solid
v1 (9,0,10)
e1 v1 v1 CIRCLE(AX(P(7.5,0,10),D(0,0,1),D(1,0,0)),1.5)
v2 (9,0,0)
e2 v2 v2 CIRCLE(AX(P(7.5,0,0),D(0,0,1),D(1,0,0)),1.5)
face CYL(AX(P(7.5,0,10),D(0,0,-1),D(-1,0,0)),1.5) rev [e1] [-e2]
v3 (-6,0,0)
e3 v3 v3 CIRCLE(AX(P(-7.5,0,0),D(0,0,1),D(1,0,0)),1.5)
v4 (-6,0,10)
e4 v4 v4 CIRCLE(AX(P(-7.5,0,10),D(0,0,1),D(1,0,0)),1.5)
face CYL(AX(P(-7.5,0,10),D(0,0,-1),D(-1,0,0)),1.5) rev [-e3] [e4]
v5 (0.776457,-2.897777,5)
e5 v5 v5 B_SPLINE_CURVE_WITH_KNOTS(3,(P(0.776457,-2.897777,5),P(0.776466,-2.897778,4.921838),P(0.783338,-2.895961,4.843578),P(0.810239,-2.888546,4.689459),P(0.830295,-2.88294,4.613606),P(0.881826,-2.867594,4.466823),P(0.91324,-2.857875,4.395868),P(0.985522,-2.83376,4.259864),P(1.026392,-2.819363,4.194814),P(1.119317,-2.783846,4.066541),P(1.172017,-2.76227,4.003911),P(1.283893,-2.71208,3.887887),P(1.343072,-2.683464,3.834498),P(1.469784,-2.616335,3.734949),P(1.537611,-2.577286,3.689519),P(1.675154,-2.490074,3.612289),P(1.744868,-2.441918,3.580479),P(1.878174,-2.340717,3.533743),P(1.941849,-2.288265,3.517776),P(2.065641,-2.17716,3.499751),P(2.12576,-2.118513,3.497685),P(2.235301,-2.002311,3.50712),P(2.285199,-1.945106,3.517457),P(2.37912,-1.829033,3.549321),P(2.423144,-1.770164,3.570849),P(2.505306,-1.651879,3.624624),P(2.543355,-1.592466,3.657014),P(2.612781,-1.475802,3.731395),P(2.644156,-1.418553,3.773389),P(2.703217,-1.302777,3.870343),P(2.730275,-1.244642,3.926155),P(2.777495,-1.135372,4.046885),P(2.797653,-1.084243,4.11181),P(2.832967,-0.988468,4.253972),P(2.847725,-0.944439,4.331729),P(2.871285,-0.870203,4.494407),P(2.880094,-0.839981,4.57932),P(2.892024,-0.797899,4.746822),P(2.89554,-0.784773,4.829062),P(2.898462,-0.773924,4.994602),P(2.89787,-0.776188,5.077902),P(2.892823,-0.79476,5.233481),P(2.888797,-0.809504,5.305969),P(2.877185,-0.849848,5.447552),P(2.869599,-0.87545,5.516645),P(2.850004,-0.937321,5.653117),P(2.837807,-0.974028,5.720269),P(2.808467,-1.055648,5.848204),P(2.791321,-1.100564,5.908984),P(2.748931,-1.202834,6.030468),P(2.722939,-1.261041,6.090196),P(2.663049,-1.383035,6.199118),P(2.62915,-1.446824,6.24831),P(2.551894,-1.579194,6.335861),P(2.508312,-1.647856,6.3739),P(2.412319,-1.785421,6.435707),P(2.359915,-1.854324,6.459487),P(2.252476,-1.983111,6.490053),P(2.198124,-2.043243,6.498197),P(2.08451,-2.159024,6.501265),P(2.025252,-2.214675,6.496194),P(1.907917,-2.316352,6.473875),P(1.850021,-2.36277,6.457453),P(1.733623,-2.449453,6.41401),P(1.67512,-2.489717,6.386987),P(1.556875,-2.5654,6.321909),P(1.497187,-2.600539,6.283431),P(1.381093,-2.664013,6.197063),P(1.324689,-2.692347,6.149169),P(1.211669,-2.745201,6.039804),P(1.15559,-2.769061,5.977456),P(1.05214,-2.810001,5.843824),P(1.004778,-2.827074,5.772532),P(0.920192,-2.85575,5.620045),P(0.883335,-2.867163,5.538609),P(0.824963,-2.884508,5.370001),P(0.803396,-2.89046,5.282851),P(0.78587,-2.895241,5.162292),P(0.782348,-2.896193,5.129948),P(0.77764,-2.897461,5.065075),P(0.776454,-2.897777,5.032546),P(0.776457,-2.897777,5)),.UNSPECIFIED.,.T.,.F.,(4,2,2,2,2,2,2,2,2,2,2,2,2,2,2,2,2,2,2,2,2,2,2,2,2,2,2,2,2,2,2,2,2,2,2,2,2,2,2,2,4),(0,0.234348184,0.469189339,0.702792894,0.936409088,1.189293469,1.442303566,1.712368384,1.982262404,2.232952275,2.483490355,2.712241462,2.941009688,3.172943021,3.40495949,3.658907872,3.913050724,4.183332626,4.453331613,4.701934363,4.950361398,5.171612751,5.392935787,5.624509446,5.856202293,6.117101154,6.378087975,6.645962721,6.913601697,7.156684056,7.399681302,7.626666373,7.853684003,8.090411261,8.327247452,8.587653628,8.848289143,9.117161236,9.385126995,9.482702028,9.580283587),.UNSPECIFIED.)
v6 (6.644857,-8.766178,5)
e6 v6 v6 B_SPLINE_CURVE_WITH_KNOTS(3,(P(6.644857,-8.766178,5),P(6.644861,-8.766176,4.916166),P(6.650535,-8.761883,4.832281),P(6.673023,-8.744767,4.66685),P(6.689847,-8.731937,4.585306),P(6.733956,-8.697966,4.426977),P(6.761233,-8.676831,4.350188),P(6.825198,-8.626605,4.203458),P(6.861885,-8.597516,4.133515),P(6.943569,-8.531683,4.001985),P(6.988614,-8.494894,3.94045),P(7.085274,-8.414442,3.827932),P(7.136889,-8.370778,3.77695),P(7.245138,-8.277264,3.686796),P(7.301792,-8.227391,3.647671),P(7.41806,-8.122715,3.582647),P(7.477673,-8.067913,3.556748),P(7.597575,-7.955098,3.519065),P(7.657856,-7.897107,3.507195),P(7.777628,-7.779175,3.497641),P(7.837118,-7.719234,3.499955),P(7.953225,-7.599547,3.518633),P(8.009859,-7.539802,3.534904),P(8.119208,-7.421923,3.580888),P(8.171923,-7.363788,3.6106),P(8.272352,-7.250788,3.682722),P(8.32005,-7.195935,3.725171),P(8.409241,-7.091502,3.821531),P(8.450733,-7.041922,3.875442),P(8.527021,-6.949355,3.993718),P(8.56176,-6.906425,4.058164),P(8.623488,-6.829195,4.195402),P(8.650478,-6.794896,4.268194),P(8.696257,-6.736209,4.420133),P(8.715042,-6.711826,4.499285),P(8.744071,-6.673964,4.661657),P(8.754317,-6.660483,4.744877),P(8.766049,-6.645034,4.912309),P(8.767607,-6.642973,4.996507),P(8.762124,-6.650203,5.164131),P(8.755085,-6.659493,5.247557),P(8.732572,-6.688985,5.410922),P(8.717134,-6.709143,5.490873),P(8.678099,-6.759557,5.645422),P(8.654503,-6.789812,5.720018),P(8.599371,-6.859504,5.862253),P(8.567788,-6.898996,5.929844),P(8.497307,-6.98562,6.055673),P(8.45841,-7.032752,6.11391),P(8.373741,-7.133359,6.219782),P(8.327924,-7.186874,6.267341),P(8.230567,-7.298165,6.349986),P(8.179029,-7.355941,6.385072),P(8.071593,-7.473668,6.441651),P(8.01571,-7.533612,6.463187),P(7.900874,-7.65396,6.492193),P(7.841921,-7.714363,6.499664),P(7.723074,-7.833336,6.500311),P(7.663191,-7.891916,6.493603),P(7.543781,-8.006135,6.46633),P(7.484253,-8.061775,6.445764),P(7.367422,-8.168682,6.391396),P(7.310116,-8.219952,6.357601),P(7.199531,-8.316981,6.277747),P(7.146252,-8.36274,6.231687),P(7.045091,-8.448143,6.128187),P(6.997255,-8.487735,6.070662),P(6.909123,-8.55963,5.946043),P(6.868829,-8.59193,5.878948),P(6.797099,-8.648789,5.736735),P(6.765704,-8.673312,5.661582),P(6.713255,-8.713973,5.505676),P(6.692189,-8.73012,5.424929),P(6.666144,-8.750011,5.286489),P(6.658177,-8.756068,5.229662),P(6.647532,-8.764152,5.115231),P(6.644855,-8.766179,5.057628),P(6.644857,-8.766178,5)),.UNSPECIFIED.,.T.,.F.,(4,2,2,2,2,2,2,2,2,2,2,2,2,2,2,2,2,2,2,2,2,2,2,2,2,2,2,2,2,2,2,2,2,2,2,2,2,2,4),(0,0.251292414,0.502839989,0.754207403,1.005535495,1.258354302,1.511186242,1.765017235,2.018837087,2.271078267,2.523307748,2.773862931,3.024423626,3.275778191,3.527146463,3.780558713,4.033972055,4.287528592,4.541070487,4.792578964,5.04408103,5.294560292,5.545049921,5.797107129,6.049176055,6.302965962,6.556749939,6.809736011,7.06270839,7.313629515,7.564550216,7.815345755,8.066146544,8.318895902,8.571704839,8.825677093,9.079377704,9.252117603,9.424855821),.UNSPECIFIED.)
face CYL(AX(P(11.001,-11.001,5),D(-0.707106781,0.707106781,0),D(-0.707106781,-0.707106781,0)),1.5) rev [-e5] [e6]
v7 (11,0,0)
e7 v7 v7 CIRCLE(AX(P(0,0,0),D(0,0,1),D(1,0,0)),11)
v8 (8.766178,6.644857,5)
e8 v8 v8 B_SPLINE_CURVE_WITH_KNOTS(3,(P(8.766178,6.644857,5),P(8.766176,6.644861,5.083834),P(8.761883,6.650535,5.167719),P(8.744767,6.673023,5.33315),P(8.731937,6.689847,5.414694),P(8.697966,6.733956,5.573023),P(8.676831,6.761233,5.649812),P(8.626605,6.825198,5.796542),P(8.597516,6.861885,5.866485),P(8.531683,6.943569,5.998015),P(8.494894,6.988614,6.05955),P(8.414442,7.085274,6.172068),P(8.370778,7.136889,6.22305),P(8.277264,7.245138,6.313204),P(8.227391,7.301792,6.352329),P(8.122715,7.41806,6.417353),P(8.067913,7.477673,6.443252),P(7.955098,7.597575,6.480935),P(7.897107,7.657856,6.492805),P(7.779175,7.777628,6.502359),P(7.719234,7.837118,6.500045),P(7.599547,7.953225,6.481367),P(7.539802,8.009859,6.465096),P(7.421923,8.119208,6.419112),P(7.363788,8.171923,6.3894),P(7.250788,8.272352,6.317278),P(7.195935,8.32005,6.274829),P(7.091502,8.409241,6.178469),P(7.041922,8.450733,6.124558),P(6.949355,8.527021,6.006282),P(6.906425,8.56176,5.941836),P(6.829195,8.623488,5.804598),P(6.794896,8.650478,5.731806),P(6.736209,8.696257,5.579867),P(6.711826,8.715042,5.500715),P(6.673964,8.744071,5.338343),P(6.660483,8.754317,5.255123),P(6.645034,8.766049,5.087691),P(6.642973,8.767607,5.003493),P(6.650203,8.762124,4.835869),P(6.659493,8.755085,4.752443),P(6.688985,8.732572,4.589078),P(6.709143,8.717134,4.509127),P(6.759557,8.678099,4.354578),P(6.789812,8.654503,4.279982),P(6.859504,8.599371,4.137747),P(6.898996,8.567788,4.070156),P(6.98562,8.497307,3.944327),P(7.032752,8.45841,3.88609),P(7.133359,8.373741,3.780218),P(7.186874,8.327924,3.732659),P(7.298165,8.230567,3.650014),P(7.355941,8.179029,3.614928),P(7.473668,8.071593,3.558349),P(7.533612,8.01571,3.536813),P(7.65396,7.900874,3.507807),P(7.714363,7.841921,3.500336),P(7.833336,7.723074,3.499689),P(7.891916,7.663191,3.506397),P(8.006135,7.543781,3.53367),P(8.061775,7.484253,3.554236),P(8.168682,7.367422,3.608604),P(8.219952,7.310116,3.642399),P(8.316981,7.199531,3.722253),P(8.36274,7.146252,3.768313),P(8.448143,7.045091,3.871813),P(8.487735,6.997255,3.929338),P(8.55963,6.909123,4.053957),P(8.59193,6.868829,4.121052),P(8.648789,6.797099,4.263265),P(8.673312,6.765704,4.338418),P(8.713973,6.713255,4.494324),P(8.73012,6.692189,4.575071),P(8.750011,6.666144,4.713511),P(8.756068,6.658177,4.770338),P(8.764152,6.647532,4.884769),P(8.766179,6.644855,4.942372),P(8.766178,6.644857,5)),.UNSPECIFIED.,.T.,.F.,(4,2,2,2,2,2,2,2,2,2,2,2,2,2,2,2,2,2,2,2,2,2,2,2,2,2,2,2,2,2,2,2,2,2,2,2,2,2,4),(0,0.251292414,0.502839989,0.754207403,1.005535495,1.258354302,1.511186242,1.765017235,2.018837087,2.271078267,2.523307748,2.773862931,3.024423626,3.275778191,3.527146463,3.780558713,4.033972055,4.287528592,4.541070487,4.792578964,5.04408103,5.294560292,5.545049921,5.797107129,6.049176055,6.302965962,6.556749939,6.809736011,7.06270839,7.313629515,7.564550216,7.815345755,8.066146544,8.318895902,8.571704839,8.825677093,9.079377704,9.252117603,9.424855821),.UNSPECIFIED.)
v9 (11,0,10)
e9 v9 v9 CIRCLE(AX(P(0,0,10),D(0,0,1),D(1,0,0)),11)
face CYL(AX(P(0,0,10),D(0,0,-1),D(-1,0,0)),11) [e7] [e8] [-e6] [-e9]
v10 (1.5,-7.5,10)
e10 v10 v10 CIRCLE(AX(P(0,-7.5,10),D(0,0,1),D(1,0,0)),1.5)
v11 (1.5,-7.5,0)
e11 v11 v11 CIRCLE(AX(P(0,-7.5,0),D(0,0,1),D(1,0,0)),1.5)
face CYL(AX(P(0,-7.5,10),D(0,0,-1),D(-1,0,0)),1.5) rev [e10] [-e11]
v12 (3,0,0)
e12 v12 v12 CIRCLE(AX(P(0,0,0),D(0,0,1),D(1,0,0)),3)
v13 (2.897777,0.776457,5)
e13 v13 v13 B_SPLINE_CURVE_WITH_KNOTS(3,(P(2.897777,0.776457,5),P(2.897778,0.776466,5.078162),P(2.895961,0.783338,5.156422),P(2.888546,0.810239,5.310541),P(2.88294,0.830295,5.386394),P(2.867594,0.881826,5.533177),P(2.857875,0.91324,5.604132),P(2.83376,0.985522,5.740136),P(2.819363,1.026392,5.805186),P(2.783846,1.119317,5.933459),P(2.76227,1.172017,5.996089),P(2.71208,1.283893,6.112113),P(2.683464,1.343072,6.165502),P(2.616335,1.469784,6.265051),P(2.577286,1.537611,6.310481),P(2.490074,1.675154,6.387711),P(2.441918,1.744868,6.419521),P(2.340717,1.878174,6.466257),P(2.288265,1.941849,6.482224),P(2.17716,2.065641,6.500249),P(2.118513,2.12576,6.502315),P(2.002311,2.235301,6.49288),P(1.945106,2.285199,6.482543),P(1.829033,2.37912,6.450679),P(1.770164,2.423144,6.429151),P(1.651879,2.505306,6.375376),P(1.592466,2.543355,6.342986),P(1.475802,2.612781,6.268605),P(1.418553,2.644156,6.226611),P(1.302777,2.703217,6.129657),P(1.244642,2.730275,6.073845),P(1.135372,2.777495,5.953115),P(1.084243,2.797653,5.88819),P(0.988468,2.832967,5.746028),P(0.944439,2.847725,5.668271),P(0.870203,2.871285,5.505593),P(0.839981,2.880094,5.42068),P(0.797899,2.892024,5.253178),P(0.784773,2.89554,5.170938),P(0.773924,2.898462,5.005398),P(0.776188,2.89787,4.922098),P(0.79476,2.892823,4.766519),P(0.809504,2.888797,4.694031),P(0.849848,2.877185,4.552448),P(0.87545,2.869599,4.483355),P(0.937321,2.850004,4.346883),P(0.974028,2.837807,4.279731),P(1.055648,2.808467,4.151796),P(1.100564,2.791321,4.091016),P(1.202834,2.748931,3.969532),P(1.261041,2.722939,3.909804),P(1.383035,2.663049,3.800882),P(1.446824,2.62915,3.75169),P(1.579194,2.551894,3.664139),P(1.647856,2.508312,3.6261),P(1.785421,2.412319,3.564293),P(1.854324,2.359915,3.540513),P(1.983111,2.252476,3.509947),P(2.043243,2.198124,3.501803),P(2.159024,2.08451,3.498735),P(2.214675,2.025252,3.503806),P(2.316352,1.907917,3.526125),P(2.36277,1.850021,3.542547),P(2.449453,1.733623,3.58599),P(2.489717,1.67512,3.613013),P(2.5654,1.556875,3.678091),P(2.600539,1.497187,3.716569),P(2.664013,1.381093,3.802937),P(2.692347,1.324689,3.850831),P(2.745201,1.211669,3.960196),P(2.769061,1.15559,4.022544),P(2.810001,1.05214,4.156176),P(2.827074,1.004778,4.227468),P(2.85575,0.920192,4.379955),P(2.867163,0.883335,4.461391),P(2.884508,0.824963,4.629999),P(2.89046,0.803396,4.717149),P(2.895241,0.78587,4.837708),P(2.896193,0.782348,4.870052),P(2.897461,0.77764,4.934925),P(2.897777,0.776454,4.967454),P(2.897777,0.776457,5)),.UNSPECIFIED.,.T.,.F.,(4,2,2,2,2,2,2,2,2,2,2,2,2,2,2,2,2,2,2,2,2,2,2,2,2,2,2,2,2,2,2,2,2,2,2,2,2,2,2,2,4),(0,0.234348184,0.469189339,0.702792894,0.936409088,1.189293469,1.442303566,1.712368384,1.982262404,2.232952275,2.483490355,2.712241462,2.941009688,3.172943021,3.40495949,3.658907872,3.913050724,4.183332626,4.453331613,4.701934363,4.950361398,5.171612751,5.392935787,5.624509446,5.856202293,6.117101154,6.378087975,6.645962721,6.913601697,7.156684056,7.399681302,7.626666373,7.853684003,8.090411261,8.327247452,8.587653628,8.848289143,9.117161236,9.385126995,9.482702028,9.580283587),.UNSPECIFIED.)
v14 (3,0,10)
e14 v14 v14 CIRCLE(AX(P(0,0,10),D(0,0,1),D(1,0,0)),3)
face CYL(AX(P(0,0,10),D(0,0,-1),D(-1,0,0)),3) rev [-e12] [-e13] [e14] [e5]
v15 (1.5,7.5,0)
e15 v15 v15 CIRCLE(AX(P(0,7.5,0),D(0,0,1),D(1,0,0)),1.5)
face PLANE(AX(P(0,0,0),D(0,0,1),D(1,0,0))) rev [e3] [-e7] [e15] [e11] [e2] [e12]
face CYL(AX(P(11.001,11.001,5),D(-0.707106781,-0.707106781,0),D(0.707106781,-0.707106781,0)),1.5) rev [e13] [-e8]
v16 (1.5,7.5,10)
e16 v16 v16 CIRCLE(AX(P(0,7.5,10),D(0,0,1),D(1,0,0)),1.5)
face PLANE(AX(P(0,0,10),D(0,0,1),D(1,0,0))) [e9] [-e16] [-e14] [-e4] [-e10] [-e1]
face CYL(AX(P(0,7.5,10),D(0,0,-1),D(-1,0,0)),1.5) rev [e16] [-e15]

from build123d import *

# Parameters (mm, degrees)
SKETCH_1_R               = 11
SKETCH_1_R_2             = 3
SKETCH_1_R_3             = 1.5
EXTRUDE_1_DEPTH          = 10
CUT_EXTRUDE_1_REACH      = 20.493
CUT_EXTRUDE_1_END_RADIUS = 11
SKETCH_2_R               = 1.5
CUT_EXTRUDE_2_REACH      = 20.493
CUT_EXTRUDE_2_END_RADIUS = 11
SKETCH_3_R               = 1.5


with BuildPart() as part:
    # ｽｹｯﾁ1 → ﾎﾞｽ - 押し出し1 (new body)
    with BuildSketch(Plane.XY):
        Circle(SKETCH_1_R)
        Circle(SKETCH_1_R_2, mode=Mode.SUBTRACT)
        with Locations((-7.5, 0)):
            Circle(SKETCH_1_R_3, mode=Mode.SUBTRACT)
        with Locations((7.5, 0)):
            Circle(SKETCH_1_R_3, mode=Mode.SUBTRACT)
        with Locations((0, 7.5)):
            Circle(SKETCH_1_R_3, mode=Mode.SUBTRACT)
        with Locations((0, -7.5)):
            Circle(SKETCH_1_R_3, mode=Mode.SUBTRACT)
    extrude(amount=EXTRUDE_1_DEPTH)

    # ｶｯﾄ - 押し出し1: up to this cylinder (the profile starts inside it)
    cut_extrude_1_end = Plane(origin=(0, 0, 5), z_dir=(0, 0, -1)) * Cylinder(CUT_EXTRUDE_1_END_RADIUS, 63.986, mode=Mode.PRIVATE)
    # ｽｹｯﾁ2 → ｶｯﾄ - 押し出し1 (cut, up to the surface)
    with BuildSketch(Plane(origin=(0, 0, 0), x_dir=(0.7071067811865477, -0.7071067811865475, 0), z_dir=(0.7071067811865475, 0.7071067811865477, 0)), mode=Mode.PRIVATE) as cut_extrude_1_sk1:
        with Locations((0, -5)):
            Circle(SKETCH_2_R)
    cut_extrude_1_tool1 = extrude(cut_extrude_1_sk1.sketch, amount=CUT_EXTRUDE_1_REACH, mode=Mode.PRIVATE) & cut_extrude_1_end
    add(cut_extrude_1_tool1.solids().sort_by_distance((0, 0, 5))[0], mode=Mode.SUBTRACT)

    # ｶｯﾄ - 押し出し2: up to this cylinder (the profile starts inside it)
    cut_extrude_2_end = Plane(origin=(0, 0, 5), z_dir=(0, 0, -1)) * Cylinder(CUT_EXTRUDE_2_END_RADIUS, 63.986, mode=Mode.PRIVATE)
    # ｽｹｯﾁ3 → ｶｯﾄ - 押し出し2 (cut, up to the surface)
    with BuildSketch(Plane(origin=(0, 0, 0), x_dir=(0.7071067811865477, 0.7071067811865475, 0), z_dir=(-0.7071067811865475, 0.7071067811865477, 0)), mode=Mode.PRIVATE) as cut_extrude_2_sk1:
        with Locations(Location((0, -5, 0), (0, 0, 180))):
            Circle(SKETCH_3_R)
    cut_extrude_2_tool1 = extrude(cut_extrude_2_sk1.sketch, amount=-CUT_EXTRUDE_2_REACH, mode=Mode.PRIVATE) & cut_extrude_2_end
    add(cut_extrude_2_tool1.solids().sort_by_distance((0, 0, 5))[0], mode=Mode.SUBTRACT)


solid = part.part
